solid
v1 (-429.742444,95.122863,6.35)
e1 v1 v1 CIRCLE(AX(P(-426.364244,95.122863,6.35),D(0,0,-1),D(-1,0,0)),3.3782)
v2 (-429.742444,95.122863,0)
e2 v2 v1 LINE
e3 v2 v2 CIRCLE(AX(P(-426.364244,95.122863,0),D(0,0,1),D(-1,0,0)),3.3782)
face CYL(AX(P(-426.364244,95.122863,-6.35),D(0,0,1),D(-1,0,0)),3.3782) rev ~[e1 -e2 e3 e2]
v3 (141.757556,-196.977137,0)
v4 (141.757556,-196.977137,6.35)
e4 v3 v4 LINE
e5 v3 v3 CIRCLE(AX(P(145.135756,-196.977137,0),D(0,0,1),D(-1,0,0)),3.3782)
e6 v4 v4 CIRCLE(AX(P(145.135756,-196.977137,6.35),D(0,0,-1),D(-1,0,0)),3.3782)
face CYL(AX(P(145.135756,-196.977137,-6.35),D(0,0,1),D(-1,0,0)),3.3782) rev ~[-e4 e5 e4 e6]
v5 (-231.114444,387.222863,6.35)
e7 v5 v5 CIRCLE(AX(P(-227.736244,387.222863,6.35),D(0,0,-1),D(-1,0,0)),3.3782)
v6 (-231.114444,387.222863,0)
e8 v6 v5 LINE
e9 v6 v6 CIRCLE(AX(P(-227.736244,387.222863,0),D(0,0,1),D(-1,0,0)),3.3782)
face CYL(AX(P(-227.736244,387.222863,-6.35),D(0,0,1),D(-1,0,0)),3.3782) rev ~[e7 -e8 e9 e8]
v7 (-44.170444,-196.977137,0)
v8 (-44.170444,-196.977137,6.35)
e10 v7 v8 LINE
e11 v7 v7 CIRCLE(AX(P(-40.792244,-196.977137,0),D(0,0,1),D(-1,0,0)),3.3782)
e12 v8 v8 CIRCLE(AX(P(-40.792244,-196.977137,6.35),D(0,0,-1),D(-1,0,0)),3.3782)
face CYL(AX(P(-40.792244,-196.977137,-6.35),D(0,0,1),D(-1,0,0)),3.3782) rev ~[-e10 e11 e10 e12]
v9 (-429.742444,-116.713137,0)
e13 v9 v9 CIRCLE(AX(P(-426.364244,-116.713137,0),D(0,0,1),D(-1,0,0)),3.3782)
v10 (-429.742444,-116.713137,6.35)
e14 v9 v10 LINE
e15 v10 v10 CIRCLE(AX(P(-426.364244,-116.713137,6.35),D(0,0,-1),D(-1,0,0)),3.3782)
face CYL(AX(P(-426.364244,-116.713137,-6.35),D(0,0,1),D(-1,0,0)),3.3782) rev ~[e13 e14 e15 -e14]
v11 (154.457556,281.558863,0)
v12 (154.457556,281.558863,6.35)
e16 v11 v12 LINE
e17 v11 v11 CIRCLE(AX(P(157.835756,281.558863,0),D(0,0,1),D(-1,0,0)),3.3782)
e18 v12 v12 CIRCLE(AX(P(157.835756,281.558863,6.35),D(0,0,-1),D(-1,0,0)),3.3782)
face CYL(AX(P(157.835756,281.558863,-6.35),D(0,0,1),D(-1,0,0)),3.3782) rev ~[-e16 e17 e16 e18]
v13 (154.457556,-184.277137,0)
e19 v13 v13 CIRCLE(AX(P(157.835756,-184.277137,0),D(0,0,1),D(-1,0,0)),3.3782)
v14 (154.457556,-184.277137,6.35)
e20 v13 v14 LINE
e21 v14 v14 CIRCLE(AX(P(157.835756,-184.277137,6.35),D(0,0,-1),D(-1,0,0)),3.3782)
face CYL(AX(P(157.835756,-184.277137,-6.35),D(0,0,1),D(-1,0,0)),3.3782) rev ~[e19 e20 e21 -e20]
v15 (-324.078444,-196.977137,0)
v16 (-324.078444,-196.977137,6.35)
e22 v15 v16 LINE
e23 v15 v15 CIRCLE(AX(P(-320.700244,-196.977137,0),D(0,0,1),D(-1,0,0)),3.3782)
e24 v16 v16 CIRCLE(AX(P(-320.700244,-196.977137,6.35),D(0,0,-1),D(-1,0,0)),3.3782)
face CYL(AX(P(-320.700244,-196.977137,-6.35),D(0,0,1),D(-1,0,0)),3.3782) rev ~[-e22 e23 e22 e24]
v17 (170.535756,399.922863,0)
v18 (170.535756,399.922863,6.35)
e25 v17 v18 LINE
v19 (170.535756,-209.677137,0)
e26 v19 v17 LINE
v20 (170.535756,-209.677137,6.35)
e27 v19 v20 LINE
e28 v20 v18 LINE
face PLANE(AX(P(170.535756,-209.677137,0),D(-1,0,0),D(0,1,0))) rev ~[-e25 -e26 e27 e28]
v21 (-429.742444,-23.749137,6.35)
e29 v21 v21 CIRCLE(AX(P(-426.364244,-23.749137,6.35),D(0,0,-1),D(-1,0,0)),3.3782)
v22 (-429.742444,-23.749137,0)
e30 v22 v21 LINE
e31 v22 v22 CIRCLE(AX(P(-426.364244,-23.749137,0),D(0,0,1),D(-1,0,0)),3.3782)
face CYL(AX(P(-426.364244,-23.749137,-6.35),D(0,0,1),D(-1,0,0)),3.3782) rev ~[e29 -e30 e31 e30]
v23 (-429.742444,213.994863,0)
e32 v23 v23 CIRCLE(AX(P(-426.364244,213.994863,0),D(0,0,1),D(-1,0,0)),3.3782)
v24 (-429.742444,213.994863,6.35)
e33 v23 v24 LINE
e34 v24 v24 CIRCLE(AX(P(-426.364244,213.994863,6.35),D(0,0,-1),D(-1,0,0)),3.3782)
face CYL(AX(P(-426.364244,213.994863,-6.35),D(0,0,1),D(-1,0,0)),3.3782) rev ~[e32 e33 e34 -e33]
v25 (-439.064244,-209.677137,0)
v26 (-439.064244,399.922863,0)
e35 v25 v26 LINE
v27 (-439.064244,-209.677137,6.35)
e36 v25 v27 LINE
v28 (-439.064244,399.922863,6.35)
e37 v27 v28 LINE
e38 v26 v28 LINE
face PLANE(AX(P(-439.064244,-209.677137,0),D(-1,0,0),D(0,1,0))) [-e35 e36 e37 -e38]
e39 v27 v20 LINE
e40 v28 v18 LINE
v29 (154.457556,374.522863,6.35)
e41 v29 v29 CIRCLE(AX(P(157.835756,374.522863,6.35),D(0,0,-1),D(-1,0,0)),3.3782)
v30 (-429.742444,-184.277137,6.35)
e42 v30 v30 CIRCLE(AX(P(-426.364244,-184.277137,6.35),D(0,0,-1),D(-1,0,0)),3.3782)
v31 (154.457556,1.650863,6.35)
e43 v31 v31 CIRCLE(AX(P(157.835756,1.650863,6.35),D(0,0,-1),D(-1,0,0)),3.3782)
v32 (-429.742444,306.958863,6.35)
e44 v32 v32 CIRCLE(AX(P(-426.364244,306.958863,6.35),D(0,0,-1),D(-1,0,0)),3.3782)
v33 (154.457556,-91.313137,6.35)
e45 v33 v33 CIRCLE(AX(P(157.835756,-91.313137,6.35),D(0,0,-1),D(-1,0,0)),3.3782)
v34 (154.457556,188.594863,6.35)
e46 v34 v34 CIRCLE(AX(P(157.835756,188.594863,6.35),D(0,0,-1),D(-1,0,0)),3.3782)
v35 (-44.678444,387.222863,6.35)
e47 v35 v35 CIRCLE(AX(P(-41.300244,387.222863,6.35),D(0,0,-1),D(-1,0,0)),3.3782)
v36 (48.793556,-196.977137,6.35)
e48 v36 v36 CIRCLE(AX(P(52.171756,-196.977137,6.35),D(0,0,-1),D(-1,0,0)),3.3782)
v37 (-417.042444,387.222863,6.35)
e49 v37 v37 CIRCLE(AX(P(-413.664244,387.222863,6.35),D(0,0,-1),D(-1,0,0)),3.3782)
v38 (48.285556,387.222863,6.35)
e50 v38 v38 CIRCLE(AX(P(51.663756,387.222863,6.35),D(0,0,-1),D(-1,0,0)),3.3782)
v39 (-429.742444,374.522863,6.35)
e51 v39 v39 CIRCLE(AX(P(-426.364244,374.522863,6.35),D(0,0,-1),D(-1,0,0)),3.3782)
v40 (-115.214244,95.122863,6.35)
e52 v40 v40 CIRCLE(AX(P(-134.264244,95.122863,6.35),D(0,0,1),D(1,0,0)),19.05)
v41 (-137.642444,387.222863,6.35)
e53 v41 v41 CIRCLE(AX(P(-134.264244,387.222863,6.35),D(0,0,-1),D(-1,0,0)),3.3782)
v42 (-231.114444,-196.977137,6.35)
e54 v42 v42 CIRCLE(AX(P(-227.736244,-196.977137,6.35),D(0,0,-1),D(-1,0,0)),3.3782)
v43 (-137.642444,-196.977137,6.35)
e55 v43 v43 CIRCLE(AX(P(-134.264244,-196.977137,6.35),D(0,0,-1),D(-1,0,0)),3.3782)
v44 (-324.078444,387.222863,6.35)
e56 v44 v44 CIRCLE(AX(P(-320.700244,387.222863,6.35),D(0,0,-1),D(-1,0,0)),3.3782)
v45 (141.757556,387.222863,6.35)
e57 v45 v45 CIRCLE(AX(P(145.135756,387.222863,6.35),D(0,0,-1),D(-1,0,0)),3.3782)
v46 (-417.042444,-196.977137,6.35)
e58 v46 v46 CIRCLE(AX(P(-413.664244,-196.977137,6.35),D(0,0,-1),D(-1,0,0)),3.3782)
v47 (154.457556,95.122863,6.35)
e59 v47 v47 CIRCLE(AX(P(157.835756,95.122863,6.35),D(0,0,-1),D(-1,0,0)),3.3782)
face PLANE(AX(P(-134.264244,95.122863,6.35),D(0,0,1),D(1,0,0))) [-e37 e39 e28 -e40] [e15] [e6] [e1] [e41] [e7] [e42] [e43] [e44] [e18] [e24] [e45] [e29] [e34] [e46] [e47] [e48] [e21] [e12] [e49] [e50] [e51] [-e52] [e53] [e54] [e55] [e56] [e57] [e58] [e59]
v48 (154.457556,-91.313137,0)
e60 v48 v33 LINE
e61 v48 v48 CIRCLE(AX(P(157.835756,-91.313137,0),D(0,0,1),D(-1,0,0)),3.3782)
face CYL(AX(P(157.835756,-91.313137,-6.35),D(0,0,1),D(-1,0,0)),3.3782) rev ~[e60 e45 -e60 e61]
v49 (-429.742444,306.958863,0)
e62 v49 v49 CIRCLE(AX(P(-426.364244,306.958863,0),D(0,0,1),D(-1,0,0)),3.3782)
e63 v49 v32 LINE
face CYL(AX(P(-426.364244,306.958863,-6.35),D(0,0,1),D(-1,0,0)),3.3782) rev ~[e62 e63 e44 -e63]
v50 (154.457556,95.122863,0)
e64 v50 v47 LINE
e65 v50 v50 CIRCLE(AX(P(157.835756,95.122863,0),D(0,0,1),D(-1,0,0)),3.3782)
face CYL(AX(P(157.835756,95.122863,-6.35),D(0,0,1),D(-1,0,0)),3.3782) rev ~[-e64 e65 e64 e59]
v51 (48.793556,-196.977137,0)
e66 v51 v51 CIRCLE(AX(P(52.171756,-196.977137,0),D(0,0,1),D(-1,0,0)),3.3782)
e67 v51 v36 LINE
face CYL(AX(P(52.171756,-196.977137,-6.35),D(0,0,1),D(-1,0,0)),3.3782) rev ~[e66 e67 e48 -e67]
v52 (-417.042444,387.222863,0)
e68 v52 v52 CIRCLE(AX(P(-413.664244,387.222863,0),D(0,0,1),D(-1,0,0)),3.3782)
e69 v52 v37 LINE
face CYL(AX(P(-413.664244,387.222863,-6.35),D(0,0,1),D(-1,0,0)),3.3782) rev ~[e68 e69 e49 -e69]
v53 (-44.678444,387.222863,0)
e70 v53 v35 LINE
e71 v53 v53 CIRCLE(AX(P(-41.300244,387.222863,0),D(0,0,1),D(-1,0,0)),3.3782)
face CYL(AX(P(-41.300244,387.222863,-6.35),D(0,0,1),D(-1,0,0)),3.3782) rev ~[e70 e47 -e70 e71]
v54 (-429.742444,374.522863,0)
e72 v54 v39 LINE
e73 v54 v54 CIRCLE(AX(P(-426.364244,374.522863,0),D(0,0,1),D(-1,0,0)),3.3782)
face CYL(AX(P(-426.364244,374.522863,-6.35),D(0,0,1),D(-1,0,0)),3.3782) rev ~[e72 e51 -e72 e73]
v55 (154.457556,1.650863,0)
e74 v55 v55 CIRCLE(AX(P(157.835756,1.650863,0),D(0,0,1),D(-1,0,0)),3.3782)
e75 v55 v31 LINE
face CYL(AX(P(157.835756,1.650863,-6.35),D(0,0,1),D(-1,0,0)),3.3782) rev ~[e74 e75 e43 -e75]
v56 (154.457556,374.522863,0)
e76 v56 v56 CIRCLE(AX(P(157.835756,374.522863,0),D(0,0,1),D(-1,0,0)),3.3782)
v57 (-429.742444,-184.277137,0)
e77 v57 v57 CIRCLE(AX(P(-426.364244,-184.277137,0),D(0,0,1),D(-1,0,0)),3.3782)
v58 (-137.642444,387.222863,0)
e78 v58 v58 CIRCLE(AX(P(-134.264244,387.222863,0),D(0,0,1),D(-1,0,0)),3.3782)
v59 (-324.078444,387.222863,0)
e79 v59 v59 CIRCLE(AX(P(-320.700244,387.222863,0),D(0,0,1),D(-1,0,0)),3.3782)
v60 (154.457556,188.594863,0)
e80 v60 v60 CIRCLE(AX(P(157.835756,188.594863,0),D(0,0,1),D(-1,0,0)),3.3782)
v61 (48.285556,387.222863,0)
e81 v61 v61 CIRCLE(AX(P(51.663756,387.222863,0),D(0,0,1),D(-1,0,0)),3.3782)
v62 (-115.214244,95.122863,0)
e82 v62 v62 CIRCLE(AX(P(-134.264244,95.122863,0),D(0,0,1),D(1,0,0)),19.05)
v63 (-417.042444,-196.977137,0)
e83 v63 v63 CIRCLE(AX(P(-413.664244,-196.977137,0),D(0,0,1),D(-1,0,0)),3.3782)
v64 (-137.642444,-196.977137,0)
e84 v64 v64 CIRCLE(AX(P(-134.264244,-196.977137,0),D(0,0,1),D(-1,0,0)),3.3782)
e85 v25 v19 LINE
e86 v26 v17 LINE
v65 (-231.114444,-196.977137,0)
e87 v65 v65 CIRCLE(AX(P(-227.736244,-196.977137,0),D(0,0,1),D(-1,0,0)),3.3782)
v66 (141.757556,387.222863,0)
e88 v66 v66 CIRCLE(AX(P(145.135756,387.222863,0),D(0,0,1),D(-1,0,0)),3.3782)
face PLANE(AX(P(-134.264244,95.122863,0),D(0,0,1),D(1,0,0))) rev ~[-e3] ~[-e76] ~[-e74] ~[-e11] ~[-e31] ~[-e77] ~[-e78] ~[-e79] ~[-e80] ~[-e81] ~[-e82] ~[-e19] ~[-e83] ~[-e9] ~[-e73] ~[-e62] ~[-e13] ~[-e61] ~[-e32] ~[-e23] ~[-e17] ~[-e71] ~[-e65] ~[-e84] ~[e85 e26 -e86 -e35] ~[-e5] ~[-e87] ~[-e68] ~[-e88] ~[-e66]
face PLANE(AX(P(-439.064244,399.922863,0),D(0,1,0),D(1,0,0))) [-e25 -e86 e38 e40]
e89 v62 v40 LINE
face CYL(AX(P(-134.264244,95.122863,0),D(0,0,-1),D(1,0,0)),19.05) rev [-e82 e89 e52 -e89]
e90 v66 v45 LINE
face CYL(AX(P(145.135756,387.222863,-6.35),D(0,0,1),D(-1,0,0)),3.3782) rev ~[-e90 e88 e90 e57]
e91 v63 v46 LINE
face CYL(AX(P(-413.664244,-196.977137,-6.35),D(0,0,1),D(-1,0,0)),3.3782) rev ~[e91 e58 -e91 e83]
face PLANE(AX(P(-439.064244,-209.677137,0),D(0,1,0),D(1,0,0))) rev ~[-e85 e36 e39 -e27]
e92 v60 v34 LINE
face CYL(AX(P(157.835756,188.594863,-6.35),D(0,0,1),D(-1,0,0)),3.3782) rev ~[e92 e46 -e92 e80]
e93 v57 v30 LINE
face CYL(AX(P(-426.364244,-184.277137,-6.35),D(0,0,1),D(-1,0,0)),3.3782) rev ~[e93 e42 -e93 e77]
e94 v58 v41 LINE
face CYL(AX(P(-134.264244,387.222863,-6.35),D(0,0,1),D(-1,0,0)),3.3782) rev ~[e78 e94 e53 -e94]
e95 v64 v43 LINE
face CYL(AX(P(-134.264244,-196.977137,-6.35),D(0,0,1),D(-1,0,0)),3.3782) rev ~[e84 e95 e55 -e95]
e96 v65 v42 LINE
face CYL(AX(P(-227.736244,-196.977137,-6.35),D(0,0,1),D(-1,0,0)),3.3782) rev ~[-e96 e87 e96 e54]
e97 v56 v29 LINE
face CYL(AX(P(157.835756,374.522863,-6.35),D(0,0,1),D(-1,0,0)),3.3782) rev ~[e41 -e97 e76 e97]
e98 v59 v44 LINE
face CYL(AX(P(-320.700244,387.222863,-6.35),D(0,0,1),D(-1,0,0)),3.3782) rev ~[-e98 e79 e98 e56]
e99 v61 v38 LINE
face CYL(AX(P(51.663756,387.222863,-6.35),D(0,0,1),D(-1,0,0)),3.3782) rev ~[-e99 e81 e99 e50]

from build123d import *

# Parameters (mm, degrees)
F0_W     = 609.6
F0_H     = 609.6
F0_R     = 3.175
F0_R_2   = 19.05
F1_DEPTH = 6.35
F2_D     = 6.7564
F2_DEPTH = 6.35
F2_TIP   = 2.0298273432


with BuildPart() as f1:
    # F0 (on Top) → F1 (new body)
    with BuildSketch(Plane.XY):
        with Locations((-134.2642435281, 95.1228634718)):
            Rectangle(F0_W, F0_H)
        with Locations((-413.6642435281, -196.9771365282)):
            Circle(F0_R, mode=Mode.SUBTRACT)
        with Locations((-426.3642435281, -184.2771365282)):
            Circle(F0_R, mode=Mode.SUBTRACT)
        with Locations((-320.7002435281, -196.9771365282)):
            Circle(F0_R, mode=Mode.SUBTRACT)
        with Locations((-426.3642435281, -116.7131365282)):
            Circle(F0_R, mode=Mode.SUBTRACT)
        with Locations((-227.7362435281, -196.9771365282)):
            Circle(F0_R, mode=Mode.SUBTRACT)
        with Locations((-134.2642435281, -196.9771365282)):
            Circle(F0_R, mode=Mode.SUBTRACT)
        with Locations((-426.3642435281, -23.7491365282)):
            Circle(F0_R, mode=Mode.SUBTRACT)
        with Locations((-40.7922435281, -196.9771365282)):
            Circle(F0_R, mode=Mode.SUBTRACT)
        with Locations((52.1717564719, -196.9771365282)):
            Circle(F0_R, mode=Mode.SUBTRACT)
        with Locations((145.1357564719, -196.9771365282)):
            Circle(F0_R, mode=Mode.SUBTRACT)
        with Locations((157.8357564719, -184.2771365282)):
            Circle(F0_R, mode=Mode.SUBTRACT)
        with Locations((157.8357564719, -91.3131365282)):
            Circle(F0_R, mode=Mode.SUBTRACT)
        with Locations((157.8357564719, 1.6508634718)):
            Circle(F0_R, mode=Mode.SUBTRACT)
        with Locations((-426.3642435281, 95.1228634718)):
            Circle(F0_R, mode=Mode.SUBTRACT)
        with Locations((-426.3642435281, 213.9948634718)):
            Circle(F0_R, mode=Mode.SUBTRACT)
        with Locations((-134.2642435281, 95.1228634718)):
            Circle(F0_R_2, mode=Mode.SUBTRACT)
        with Locations((-426.3642435281, 306.9588634718)):
            Circle(F0_R, mode=Mode.SUBTRACT)
        with Locations((-426.3642435281, 374.5228634718)):
            Circle(F0_R, mode=Mode.SUBTRACT)
        with Locations((-413.6642435281, 387.2228634718)):
            Circle(F0_R, mode=Mode.SUBTRACT)
        with Locations((-320.7002435281, 387.2228634718)):
            Circle(F0_R, mode=Mode.SUBTRACT)
        with Locations((-227.7362435281, 387.2228634718)):
            Circle(F0_R, mode=Mode.SUBTRACT)
        with Locations((157.8357564719, 95.1228634718)):
            Circle(F0_R, mode=Mode.SUBTRACT)
        with Locations((157.8357564719, 188.5948634718)):
            Circle(F0_R, mode=Mode.SUBTRACT)
        with Locations((-41.3002435281, 387.2228634718)):
            Circle(F0_R, mode=Mode.SUBTRACT)
        with Locations((157.8357564719, 281.5588634718)):
            Circle(F0_R, mode=Mode.SUBTRACT)
        with Locations((51.6637564719, 387.2228634718)):
            Circle(F0_R, mode=Mode.SUBTRACT)
        with Locations((157.8357564719, 374.5228634718)):
            Circle(F0_R, mode=Mode.SUBTRACT)
        with Locations((145.1357564719, 387.2228634718)):
            Circle(F0_R, mode=Mode.SUBTRACT)
        with Locations((-40.7922435281, -196.9771365282)):
            Circle(F0_R)
        with Locations((157.8357564719, 95.1228634718)):
            Circle(F0_R)
        with Locations((145.1357564719, 387.2228634718)):
            Circle(F0_R)
        with Locations((-41.3002435281, 387.2228634718)):
            Circle(F0_R)
        with Locations((157.8357564719, 281.5588634718)):
            Circle(F0_R)
        with Locations((145.1357564719, -196.9771365282)):
            Circle(F0_R)
        with Locations((157.8357564719, 1.6508634718)):
            Circle(F0_R)
        with Locations((-426.3642435281, 213.9948634718)):
            Circle(F0_R)
        with Locations((-134.2642435281, -196.9771365282)):
            Circle(F0_R)
        with Locations((-227.7362435281, -196.9771365282)):
            Circle(F0_R)
        with Locations((52.1717564719, -196.9771365282)):
            Circle(F0_R)
        with Locations((-320.7002435281, -196.9771365282)):
            Circle(F0_R)
        with Locations((-426.3642435281, -184.2771365282)):
            Circle(F0_R)
        with Locations((-426.3642435281, -116.7131365282)):
            Circle(F0_R)
        with Locations((-413.6642435281, -196.9771365282)):
            Circle(F0_R)
        with Locations((-227.7362435281, 387.2228634718)):
            Circle(F0_R)
        with Locations((-426.3642435281, -23.7491365282)):
            Circle(F0_R)
        with Locations((157.8357564719, -184.2771365282)):
            Circle(F0_R)
        with Locations((-426.3642435281, 95.1228634718)):
            Circle(F0_R)
        with Locations((-426.3642435281, 306.9588634718)):
            Circle(F0_R)
        with Locations((157.8357564719, 374.5228634718)):
            Circle(F0_R)
        with Locations((-320.7002435281, 387.2228634718)):
            Circle(F0_R)
        with Locations((-413.6642435281, 387.2228634718)):
            Circle(F0_R)
        with Locations((157.8357564719, 188.5948634718)):
            Circle(F0_R)
        with Locations((51.6637564719, 387.2228634718)):
            Circle(F0_R)
        with Locations((157.8357564719, -91.3131365282)):
            Circle(F0_R)
        with Locations((-426.3642435281, 374.5228634718)):
            Circle(F0_R)
    extrude(amount=F1_DEPTH)

    # F2
    with Locations(Plane(origin=(0, 0, 0), x_dir=(1, 0, 0), z_dir=(0, 0, -1))):
        with Locations((-320.7002435281, -387.2228634718), (-413.6642435281, -387.2228634718), (-426.3642435281, -374.5228634718), (-426.3642435281, -306.9588634718), (-426.3642435281, -213.9948634718), (-426.3642435281, -95.1228634718), (-426.3642435281, 23.7491365282), (-426.3642435281, 116.7131365282), (-426.3642435281, 184.2771365282), (-413.6642435281, 196.9771365282), (-320.7002435281, 196.9771365282), (-227.7362435281, 196.9771365282), (-134.2642435281, 196.9771365282), (-40.7922435281, 196.9771365282), (52.1717564719, 196.9771365282), (145.1357564719, 196.9771365282), (157.8357564719, 184.2771365282), (157.8357564719, 91.3131365282), (157.8357564719, -1.6508634718), (157.8357564719, -95.1228634718), (157.8357564719, -188.5948634718), (157.8357564719, -281.5588634718), (157.8357564719, -374.5228634718), (145.1357564719, -387.2228634718), (51.6637564719, -387.2228634718), (-41.3002435281, -387.2228634718), (-134.2642435281, -387.2228634718), (-227.7362435281, -387.2228634718)):
            Hole(F2_D / 2, depth=F2_DEPTH)
            with Locations((0, 0, -(F2_DEPTH + F2_TIP / 2))):  # 118° drill point
                Cone(0, F2_D / 2, F2_TIP, mode=Mode.SUBTRACT)


solid = f1.part
